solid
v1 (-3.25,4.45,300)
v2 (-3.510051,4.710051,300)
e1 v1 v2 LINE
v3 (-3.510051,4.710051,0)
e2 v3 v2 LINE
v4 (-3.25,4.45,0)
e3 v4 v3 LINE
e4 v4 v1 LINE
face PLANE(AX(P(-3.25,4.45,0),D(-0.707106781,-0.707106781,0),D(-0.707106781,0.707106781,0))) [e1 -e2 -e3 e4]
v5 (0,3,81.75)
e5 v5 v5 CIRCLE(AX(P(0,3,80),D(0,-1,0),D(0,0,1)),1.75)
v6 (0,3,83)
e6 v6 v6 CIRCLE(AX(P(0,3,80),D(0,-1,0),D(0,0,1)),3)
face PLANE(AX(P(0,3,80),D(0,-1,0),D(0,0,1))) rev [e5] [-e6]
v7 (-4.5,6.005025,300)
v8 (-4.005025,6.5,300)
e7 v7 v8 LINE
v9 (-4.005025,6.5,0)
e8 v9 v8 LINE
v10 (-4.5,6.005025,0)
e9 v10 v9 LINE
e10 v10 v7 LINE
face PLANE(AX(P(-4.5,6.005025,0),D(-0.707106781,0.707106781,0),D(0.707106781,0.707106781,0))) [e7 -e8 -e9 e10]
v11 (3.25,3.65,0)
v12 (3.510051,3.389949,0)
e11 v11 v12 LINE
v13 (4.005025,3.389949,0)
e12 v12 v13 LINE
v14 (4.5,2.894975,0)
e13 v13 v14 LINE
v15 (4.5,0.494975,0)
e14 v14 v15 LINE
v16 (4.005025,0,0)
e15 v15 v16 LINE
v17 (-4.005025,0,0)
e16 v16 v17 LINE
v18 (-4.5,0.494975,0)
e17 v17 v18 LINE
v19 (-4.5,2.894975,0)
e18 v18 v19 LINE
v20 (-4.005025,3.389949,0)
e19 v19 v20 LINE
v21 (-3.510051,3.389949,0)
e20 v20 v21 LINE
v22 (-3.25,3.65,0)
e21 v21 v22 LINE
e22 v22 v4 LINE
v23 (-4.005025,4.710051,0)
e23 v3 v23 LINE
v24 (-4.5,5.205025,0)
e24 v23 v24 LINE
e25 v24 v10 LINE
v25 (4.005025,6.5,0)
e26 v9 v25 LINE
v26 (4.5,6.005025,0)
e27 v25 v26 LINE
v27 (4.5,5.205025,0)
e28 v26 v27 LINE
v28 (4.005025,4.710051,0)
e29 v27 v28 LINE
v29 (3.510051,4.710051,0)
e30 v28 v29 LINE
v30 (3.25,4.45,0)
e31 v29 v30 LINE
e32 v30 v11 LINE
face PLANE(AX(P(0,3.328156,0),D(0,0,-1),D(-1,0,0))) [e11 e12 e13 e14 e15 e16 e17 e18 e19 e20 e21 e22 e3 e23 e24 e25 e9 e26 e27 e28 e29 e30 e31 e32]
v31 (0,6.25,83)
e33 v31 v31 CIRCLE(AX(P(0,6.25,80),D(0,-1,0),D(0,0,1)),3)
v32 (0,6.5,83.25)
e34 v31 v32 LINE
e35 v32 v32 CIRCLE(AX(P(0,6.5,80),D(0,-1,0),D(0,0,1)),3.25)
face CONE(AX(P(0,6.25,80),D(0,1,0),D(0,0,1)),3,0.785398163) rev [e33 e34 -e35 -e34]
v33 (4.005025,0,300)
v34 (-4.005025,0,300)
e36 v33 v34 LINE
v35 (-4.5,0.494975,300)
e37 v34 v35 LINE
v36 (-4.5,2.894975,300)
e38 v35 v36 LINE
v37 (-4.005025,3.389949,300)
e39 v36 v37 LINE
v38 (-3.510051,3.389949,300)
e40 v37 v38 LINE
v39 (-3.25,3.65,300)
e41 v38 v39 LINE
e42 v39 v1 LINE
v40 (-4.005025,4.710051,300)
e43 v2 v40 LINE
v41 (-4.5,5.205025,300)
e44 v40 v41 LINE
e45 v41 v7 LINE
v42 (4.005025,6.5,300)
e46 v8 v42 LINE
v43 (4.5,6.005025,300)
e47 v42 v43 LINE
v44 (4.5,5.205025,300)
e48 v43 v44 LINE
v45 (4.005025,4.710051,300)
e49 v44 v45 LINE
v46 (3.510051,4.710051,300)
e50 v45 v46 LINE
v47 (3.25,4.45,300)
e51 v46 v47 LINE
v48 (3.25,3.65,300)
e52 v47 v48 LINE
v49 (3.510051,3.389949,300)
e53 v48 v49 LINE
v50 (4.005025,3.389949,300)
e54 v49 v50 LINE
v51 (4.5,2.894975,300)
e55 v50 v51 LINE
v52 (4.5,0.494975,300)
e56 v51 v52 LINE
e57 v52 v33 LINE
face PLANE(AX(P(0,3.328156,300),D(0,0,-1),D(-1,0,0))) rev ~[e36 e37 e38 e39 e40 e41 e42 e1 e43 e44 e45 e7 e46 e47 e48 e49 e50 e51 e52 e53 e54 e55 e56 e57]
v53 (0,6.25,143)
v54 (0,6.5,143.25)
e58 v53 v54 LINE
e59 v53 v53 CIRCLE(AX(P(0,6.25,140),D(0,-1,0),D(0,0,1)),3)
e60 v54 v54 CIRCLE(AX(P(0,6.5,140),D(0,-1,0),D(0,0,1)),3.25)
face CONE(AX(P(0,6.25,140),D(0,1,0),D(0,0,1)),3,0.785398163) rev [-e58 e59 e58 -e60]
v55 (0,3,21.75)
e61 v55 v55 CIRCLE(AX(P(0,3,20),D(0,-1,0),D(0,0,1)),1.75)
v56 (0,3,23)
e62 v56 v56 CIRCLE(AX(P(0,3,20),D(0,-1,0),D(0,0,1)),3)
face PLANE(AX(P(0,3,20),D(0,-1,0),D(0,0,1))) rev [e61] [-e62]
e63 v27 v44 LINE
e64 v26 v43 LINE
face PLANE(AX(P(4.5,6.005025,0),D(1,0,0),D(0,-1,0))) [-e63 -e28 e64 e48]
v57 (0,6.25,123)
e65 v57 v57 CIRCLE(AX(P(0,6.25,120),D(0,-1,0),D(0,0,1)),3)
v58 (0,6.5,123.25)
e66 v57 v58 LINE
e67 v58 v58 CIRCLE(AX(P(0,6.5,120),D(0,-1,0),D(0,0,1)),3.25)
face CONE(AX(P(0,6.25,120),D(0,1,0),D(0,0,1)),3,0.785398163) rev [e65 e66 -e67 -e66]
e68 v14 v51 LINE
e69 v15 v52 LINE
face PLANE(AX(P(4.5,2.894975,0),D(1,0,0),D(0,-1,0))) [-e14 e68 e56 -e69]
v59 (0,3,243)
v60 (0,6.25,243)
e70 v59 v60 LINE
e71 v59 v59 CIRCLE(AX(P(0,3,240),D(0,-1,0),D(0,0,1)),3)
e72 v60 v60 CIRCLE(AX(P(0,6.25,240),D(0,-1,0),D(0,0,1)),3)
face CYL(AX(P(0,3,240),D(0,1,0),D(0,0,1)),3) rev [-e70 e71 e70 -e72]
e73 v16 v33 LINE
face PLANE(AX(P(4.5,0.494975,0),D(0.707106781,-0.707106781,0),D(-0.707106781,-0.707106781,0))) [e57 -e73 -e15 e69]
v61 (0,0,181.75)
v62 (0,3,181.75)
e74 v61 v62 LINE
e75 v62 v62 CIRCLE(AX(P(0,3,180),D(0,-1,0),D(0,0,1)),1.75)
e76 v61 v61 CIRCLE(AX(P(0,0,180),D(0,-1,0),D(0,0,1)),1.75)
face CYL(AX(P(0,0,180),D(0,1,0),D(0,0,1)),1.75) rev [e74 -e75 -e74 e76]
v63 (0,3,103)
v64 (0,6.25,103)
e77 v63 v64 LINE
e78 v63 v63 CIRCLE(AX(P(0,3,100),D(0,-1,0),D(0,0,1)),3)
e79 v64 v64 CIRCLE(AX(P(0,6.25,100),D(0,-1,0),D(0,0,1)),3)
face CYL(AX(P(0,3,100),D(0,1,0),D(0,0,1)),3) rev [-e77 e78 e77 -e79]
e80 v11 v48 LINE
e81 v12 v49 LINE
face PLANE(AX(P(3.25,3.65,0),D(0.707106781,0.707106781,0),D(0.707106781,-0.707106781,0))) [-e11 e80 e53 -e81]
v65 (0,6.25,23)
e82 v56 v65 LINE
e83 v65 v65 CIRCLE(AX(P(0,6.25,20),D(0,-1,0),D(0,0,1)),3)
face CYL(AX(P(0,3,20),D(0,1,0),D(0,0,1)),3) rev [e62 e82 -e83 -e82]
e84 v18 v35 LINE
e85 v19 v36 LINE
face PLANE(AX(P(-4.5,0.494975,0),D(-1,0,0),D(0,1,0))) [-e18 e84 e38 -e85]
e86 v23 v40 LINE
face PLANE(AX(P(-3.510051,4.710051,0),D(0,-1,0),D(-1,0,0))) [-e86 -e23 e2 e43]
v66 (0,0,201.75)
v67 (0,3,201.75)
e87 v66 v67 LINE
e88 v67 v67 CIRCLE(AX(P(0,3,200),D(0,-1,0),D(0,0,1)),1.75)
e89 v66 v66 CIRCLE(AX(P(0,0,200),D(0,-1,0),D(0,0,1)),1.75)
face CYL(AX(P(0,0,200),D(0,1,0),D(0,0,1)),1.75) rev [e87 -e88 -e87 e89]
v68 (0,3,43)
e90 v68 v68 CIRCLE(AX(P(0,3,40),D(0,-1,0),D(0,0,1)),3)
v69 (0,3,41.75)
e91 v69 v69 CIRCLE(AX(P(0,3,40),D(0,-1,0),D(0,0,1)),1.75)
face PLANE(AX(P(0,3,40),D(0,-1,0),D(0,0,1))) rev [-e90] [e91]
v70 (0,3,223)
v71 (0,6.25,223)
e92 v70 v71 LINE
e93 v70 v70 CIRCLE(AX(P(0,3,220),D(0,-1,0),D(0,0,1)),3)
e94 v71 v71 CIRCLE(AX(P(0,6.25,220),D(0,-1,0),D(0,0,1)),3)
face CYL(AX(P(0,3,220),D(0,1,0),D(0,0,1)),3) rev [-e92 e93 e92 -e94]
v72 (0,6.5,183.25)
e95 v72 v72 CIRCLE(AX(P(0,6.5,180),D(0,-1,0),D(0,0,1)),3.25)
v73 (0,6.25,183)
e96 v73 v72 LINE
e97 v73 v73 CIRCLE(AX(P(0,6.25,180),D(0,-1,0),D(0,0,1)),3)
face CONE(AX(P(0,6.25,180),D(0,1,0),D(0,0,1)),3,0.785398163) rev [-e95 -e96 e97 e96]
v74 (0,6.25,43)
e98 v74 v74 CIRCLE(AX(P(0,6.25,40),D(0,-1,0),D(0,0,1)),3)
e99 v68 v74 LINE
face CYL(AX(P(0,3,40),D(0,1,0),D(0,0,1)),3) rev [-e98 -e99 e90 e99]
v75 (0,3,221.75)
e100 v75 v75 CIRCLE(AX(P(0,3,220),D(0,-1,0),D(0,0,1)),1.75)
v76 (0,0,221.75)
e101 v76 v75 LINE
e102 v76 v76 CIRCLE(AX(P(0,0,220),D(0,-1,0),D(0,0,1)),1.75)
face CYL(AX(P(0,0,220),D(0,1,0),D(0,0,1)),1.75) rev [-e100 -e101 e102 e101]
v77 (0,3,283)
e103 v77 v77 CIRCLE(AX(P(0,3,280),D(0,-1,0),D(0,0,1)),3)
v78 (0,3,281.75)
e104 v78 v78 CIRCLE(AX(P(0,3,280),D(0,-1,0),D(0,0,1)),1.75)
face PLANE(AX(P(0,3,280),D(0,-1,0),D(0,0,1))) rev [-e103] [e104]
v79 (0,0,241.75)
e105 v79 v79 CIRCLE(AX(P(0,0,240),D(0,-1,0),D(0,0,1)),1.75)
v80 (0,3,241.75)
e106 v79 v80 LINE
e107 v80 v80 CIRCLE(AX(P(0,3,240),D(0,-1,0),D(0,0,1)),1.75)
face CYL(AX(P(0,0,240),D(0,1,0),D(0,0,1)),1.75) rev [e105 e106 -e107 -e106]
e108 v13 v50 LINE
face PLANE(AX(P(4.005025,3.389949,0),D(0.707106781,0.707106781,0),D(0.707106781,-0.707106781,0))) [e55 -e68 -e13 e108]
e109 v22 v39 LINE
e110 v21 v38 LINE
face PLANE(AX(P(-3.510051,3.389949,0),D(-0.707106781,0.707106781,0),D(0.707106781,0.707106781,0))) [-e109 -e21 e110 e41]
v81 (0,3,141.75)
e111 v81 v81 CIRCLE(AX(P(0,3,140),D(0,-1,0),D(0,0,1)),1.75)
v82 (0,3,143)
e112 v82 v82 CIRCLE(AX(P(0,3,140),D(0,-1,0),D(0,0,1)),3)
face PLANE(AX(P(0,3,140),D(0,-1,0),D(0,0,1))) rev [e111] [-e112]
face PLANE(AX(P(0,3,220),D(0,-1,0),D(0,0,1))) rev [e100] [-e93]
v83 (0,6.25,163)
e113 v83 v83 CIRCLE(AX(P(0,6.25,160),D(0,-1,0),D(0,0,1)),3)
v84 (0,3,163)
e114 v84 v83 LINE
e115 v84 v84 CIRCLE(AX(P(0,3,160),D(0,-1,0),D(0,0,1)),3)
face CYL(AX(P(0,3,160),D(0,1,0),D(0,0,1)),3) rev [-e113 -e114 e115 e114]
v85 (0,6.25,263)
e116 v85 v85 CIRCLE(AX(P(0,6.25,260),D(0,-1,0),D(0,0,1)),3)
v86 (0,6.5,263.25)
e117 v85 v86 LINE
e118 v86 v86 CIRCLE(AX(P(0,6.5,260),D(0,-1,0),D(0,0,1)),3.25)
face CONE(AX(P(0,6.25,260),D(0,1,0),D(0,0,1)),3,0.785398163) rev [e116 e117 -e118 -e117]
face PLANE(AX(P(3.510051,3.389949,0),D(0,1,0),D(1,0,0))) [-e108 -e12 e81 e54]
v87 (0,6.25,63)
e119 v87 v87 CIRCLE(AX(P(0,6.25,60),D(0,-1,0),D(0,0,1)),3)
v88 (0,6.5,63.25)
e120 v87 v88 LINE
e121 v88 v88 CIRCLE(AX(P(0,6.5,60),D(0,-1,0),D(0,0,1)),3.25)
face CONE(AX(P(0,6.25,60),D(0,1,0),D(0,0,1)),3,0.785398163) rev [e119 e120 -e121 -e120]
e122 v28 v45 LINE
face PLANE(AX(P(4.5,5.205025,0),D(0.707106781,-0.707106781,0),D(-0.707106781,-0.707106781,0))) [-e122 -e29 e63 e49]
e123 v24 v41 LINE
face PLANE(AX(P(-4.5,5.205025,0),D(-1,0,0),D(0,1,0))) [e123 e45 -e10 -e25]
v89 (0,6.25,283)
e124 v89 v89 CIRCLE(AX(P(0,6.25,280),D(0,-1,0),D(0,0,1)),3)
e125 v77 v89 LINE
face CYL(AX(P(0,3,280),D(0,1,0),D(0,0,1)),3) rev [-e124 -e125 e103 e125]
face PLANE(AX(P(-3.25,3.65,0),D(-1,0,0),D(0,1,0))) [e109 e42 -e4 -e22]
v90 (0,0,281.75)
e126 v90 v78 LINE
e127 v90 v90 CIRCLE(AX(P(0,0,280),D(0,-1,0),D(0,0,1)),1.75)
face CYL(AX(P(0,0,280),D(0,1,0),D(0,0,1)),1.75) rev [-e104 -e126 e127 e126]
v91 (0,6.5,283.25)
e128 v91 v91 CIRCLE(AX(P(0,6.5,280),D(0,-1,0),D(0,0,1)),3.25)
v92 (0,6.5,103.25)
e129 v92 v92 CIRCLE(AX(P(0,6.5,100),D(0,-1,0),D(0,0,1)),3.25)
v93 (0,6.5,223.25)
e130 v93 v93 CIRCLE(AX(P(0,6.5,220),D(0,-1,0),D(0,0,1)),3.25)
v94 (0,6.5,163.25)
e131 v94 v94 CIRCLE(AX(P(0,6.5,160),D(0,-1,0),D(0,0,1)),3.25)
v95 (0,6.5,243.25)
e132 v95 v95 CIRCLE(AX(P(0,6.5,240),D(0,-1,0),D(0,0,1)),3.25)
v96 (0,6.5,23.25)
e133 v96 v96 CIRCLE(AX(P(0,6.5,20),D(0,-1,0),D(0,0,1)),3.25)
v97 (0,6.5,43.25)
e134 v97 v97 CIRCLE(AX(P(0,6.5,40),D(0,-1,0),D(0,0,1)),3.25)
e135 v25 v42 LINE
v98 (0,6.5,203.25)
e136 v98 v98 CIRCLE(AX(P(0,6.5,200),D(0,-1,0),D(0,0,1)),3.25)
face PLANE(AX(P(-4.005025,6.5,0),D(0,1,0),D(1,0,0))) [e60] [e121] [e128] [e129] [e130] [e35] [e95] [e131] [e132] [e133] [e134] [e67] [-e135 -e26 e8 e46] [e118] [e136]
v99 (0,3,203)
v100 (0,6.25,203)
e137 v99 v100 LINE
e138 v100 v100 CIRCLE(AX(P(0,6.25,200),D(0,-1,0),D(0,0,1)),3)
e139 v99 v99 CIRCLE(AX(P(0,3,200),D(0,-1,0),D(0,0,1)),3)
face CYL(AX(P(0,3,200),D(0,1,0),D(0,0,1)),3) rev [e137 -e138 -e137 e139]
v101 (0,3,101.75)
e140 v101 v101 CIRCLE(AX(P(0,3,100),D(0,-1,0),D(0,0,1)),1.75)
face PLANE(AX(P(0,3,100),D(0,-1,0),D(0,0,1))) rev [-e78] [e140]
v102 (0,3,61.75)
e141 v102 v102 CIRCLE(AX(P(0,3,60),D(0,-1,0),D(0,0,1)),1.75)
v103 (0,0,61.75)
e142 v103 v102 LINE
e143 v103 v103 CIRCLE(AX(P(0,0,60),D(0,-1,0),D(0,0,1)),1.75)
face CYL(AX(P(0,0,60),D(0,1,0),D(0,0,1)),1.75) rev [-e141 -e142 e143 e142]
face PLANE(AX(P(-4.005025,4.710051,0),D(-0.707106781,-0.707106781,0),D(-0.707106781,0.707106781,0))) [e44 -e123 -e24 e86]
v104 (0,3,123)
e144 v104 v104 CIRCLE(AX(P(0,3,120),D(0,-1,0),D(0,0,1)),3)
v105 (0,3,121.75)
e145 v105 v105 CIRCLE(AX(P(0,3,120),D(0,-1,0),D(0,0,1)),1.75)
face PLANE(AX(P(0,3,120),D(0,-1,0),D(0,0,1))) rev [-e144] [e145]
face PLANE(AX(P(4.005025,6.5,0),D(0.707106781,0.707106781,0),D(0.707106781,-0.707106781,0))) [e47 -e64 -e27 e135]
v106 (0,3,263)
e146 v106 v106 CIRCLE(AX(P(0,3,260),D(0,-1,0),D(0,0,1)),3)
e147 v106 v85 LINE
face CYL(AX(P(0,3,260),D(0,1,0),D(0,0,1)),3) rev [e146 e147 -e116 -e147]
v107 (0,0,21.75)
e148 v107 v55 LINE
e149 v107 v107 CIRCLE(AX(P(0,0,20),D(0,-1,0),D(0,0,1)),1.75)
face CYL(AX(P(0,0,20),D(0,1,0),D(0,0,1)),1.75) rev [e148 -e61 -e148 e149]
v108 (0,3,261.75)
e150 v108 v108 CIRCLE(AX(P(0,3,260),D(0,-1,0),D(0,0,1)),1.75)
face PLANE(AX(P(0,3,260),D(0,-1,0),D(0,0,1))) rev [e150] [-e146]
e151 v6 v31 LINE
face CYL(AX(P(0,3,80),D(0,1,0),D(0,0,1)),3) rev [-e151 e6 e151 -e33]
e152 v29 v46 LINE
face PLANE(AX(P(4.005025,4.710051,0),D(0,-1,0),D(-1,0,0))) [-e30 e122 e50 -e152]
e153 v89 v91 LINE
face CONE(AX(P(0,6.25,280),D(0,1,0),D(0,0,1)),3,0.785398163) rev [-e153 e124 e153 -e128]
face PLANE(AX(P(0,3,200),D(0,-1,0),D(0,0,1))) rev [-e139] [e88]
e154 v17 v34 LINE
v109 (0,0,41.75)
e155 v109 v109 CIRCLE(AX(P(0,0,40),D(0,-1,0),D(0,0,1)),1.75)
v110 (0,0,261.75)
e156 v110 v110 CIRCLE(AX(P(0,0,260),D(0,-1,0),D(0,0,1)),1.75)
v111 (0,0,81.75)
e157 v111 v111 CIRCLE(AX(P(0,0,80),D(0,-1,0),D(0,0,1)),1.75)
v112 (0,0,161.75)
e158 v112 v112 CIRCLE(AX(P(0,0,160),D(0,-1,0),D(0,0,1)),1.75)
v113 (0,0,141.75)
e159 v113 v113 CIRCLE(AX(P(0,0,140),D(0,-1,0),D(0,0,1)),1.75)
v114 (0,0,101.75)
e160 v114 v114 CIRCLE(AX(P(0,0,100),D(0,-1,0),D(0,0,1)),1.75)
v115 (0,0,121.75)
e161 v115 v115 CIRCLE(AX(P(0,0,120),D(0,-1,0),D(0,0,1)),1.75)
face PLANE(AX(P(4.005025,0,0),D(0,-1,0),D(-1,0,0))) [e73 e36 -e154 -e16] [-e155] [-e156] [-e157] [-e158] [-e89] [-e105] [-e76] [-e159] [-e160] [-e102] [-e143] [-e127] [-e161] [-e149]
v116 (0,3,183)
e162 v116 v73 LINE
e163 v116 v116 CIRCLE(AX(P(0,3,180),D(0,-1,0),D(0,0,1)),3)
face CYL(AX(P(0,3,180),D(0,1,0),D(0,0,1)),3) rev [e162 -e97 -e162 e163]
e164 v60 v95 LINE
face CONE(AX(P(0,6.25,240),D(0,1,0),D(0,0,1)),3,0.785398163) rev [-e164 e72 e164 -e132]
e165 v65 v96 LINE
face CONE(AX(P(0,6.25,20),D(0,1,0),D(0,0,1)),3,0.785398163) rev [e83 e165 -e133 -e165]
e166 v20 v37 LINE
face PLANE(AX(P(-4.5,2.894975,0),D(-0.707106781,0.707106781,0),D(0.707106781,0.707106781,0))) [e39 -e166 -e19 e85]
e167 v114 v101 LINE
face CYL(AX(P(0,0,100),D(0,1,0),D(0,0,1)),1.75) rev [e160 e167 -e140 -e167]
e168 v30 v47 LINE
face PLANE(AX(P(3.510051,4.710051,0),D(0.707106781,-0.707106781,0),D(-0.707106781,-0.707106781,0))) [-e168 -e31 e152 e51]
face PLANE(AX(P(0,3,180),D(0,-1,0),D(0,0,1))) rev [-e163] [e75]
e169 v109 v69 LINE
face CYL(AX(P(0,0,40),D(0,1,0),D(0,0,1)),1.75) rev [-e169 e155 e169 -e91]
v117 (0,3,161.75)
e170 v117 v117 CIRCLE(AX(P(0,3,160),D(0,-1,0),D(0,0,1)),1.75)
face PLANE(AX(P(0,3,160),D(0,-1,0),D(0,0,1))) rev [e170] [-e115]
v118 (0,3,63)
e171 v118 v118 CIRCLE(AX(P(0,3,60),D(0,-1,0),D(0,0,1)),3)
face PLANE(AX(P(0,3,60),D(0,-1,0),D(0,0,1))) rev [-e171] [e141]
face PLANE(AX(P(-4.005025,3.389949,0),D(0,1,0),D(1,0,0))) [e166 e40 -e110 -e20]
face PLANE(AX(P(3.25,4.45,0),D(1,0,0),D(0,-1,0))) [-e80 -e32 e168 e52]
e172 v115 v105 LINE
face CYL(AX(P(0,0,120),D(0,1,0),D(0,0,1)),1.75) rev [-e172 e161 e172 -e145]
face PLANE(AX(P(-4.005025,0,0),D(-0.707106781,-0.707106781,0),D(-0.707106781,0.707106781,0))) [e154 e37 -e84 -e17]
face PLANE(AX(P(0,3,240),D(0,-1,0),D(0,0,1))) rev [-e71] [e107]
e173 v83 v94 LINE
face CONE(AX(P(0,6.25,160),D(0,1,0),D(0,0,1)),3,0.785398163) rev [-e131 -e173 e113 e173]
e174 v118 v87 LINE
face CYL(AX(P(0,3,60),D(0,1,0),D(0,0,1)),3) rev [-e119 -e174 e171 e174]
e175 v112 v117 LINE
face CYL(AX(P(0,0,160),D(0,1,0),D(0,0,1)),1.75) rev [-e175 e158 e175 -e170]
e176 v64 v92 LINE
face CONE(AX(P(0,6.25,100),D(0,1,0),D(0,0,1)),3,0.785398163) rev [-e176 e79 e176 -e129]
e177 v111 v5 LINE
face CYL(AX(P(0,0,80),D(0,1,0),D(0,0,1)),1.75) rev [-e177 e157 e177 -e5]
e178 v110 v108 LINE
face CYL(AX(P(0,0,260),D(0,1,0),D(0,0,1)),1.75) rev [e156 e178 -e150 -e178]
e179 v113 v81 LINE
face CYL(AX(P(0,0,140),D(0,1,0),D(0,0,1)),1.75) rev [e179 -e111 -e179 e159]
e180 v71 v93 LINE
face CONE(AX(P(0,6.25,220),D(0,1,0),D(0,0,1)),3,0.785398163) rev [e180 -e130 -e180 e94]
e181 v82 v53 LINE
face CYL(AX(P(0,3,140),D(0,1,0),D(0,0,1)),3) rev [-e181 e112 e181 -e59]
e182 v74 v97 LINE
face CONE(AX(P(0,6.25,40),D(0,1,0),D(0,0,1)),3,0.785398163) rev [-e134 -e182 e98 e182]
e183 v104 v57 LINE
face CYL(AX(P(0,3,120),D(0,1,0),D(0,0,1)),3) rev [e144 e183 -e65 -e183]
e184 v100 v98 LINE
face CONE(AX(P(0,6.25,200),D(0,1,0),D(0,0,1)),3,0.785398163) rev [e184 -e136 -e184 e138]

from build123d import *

# Parameters (mm, degrees)
BOSS_EXTRUDE1_DEPTH                     = 300
CBORE_FOR_M3_PAN_HEAD_SCREW1_AT_2_COUNT = 2
CBORE_FOR_M3_PAN_HEAD_SCREW1_AT_2_PITCH = 20
LPATTERN1_COUNT                         = 13
LPATTERN1_PITCH                         = 20


with BuildPart() as part:
    # Sketch1 → Boss-Extrude1 (new body)
    with BuildSketch(Plane.XY):
        Polygon((-4.005025253, 6.5), (4.005025253, 6.5), (4.5, 6.005025253), (4.5, 5.205025253), (4.005025253, 4.710050506), (3.510050506, 4.710050506), (3.25, 4.45), (3.25, 3.65), (3.510050506, 3.389949494), (4.005025253, 3.389949494), (4.5, 2.894974747), (4.5, 0.494974747), (4.005025253, 0), (-4.005025253, 0), (-4.5, 0.494974747), (-4.5, 2.894974747), (-4.005025253, 3.389949494), (-3.510050506, 3.389949494), (-3.25, 3.65), (-3.25, 4.45), (-3.510050506, 4.710050506), (-4.005025253, 4.710050506), (-4.5, 5.205025253), (-4.5, 6.005025253), align=None)
    extrude(amount=BOSS_EXTRUDE1_DEPTH)

    # Sketch3 → CBORE for M3 Pan Head Screw1 (revolve, cut)
    with BuildSketch(Plane(origin=(0, 6.5, 20), x_dir=(0, 0, 1), z_dir=(1, 0, 0))):
        Polygon((0, 0), (0, 6.5), (1.75, 6.5), (1.75, 3.5), (3, 3.5), (3, 0.25), (3.25, 0), align=None)
    cbore_for_m3_pan_head_screw1 = revolve(axis=Axis((0, 12.85, 20), (0, -1, 0)), mode=Mode.SUBTRACT)

    # CBORE for M3 Pan Head Screw1 at 2: CBORE for M3 Pan Head Screw1 ×2
    with Locations(*[(0, 0, i * CBORE_FOR_M3_PAN_HEAD_SCREW1_AT_2_PITCH) for i in range(1, CBORE_FOR_M3_PAN_HEAD_SCREW1_AT_2_COUNT)]):
        add(cbore_for_m3_pan_head_screw1, mode=Mode.SUBTRACT)

    # LPattern1: CBORE for M3 Pan Head Screw1 ×13
    with Locations(*[(0, 0, i * LPATTERN1_PITCH) for i in range(1, LPATTERN1_COUNT)]):
        add(cbore_for_m3_pan_head_screw1, mode=Mode.SUBTRACT)

    # LPattern1 copy 1 sketch → LPattern1 copy 1 (revolve, cut)
    with BuildSketch(Plane(origin=(0, 6.5, 60), x_dir=(0, 0, 1), z_dir=(1, 0, 0))):
        Polygon((0, 0), (0, 6.5), (1.75, 6.5), (1.75, 3.5), (3, 3.5), (3, 0.25), (3.25, 0), align=None)
    revolve(axis=Axis((0, 12.85, 60), (0, -1, 0)), mode=Mode.SUBTRACT)

    # LPattern1 copy 2 sketch → LPattern1 copy 2 (revolve, cut)
    with BuildSketch(Plane(origin=(0, 6.5, 80), x_dir=(0, 0, 1), z_dir=(1, 0, 0))):
        Polygon((0, 0), (0, 6.5), (1.75, 6.5), (1.75, 3.5), (3, 3.5), (3, 0.25), (3.25, 0), align=None)
    revolve(axis=Axis((0, 12.85, 80), (0, -1, 0)), mode=Mode.SUBTRACT)

    # LPattern1 copy 3 sketch → LPattern1 copy 3 (revolve, cut)
    with BuildSketch(Plane(origin=(0, 6.5, 100), x_dir=(0, 0, 1), z_dir=(1, 0, 0))):
        Polygon((0, 0), (0, 6.5), (1.75, 6.5), (1.75, 3.5), (3, 3.5), (3, 0.25), (3.25, 0), align=None)
    revolve(axis=Axis((0, 12.85, 100), (0, -1, 0)), mode=Mode.SUBTRACT)

    # LPattern1 copy 4 sketch → LPattern1 copy 4 (revolve, cut)
    with BuildSketch(Plane(origin=(0, 6.5, 120), x_dir=(0, 0, 1), z_dir=(1, 0, 0))):
        Polygon((0, 0), (0, 6.5), (1.75, 6.5), (1.75, 3.5), (3, 3.5), (3, 0.25), (3.25, 0), align=None)
    revolve(axis=Axis((0, 12.85, 120), (0, -1, 0)), mode=Mode.SUBTRACT)

    # LPattern1 copy 5 sketch → LPattern1 copy 5 (revolve, cut)
    with BuildSketch(Plane(origin=(0, 6.5, 140), x_dir=(0, 0, 1), z_dir=(1, 0, 0))):
        Polygon((0, 0), (0, 6.5), (1.75, 6.5), (1.75, 3.5), (3, 3.5), (3, 0.25), (3.25, 0), align=None)
    revolve(axis=Axis((0, 12.85, 140), (0, -1, 0)), mode=Mode.SUBTRACT)

    # LPattern1 copy 6 sketch → LPattern1 copy 6 (revolve, cut)
    with BuildSketch(Plane(origin=(0, 6.5, 160), x_dir=(0, 0, 1), z_dir=(1, 0, 0))):
        Polygon((0, 0), (0, 6.5), (1.75, 6.5), (1.75, 3.5), (3, 3.5), (3, 0.25), (3.25, 0), align=None)
    revolve(axis=Axis((0, 12.85, 160), (0, -1, 0)), mode=Mode.SUBTRACT)

    # LPattern1 copy 7 sketch → LPattern1 copy 7 (revolve, cut)
    with BuildSketch(Plane(origin=(0, 6.5, 180), x_dir=(0, 0, 1), z_dir=(1, 0, 0))):
        Polygon((0, 0), (0, 6.5), (1.75, 6.5), (1.75, 3.5), (3, 3.5), (3, 0.25), (3.25, 0), align=None)
    revolve(axis=Axis((0, 12.85, 180), (0, -1, 0)), mode=Mode.SUBTRACT)

    # LPattern1 copy 8 sketch → LPattern1 copy 8 (revolve, cut)
    with BuildSketch(Plane(origin=(0, 6.5, 200), x_dir=(0, 0, 1), z_dir=(1, 0, 0))):
        Polygon((0, 0), (0, 6.5), (1.75, 6.5), (1.75, 3.5), (3, 3.5), (3, 0.25), (3.25, 0), align=None)
    revolve(axis=Axis((0, 12.85, 200), (0, -1, 0)), mode=Mode.SUBTRACT)

    # LPattern1 copy 9 sketch → LPattern1 copy 9 (revolve, cut)
    with BuildSketch(Plane(origin=(0, 6.5, 220), x_dir=(0, 0, 1), z_dir=(1, 0, 0))):
        Polygon((0, 0), (0, 6.5), (1.75, 6.5), (1.75, 3.5), (3, 3.5), (3, 0.25), (3.25, 0), align=None)
    revolve(axis=Axis((0, 12.85, 220), (0, -1, 0)), mode=Mode.SUBTRACT)

    # LPattern1 copy 10 sketch → LPattern1 copy 10 (revolve, cut)
    with BuildSketch(Plane(origin=(0, 6.5, 240), x_dir=(0, 0, 1), z_dir=(1, 0, 0))):
        Polygon((0, 0), (0, 6.5), (1.75, 6.5), (1.75, 3.5), (3, 3.5), (3, 0.25), (3.25, 0), align=None)
    revolve(axis=Axis((0, 12.85, 240), (0, -1, 0)), mode=Mode.SUBTRACT)

    # LPattern1 copy 11 sketch → LPattern1 copy 11 (revolve, cut)
    with BuildSketch(Plane(origin=(0, 6.5, 260), x_dir=(0, 0, 1), z_dir=(1, 0, 0))):
        Polygon((0, 0), (0, 6.5), (1.75, 6.5), (1.75, 3.5), (3, 3.5), (3, 0.25), (3.25, 0), align=None)
    revolve(axis=Axis((0, 12.85, 260), (0, -1, 0)), mode=Mode.SUBTRACT)

    # LPattern1 copy 12 sketch → LPattern1 copy 12 (revolve, cut)
    with BuildSketch(Plane(origin=(0, 6.5, 280), x_dir=(0, 0, 1), z_dir=(1, 0, 0))):
        Polygon((0, 0), (0, 6.5), (1.75, 6.5), (1.75, 3.5), (3, 3.5), (3, 0.25), (3.25, 0), align=None)
    revolve(axis=Axis((0, 12.85, 280), (0, -1, 0)), mode=Mode.SUBTRACT)


solid = part.part
